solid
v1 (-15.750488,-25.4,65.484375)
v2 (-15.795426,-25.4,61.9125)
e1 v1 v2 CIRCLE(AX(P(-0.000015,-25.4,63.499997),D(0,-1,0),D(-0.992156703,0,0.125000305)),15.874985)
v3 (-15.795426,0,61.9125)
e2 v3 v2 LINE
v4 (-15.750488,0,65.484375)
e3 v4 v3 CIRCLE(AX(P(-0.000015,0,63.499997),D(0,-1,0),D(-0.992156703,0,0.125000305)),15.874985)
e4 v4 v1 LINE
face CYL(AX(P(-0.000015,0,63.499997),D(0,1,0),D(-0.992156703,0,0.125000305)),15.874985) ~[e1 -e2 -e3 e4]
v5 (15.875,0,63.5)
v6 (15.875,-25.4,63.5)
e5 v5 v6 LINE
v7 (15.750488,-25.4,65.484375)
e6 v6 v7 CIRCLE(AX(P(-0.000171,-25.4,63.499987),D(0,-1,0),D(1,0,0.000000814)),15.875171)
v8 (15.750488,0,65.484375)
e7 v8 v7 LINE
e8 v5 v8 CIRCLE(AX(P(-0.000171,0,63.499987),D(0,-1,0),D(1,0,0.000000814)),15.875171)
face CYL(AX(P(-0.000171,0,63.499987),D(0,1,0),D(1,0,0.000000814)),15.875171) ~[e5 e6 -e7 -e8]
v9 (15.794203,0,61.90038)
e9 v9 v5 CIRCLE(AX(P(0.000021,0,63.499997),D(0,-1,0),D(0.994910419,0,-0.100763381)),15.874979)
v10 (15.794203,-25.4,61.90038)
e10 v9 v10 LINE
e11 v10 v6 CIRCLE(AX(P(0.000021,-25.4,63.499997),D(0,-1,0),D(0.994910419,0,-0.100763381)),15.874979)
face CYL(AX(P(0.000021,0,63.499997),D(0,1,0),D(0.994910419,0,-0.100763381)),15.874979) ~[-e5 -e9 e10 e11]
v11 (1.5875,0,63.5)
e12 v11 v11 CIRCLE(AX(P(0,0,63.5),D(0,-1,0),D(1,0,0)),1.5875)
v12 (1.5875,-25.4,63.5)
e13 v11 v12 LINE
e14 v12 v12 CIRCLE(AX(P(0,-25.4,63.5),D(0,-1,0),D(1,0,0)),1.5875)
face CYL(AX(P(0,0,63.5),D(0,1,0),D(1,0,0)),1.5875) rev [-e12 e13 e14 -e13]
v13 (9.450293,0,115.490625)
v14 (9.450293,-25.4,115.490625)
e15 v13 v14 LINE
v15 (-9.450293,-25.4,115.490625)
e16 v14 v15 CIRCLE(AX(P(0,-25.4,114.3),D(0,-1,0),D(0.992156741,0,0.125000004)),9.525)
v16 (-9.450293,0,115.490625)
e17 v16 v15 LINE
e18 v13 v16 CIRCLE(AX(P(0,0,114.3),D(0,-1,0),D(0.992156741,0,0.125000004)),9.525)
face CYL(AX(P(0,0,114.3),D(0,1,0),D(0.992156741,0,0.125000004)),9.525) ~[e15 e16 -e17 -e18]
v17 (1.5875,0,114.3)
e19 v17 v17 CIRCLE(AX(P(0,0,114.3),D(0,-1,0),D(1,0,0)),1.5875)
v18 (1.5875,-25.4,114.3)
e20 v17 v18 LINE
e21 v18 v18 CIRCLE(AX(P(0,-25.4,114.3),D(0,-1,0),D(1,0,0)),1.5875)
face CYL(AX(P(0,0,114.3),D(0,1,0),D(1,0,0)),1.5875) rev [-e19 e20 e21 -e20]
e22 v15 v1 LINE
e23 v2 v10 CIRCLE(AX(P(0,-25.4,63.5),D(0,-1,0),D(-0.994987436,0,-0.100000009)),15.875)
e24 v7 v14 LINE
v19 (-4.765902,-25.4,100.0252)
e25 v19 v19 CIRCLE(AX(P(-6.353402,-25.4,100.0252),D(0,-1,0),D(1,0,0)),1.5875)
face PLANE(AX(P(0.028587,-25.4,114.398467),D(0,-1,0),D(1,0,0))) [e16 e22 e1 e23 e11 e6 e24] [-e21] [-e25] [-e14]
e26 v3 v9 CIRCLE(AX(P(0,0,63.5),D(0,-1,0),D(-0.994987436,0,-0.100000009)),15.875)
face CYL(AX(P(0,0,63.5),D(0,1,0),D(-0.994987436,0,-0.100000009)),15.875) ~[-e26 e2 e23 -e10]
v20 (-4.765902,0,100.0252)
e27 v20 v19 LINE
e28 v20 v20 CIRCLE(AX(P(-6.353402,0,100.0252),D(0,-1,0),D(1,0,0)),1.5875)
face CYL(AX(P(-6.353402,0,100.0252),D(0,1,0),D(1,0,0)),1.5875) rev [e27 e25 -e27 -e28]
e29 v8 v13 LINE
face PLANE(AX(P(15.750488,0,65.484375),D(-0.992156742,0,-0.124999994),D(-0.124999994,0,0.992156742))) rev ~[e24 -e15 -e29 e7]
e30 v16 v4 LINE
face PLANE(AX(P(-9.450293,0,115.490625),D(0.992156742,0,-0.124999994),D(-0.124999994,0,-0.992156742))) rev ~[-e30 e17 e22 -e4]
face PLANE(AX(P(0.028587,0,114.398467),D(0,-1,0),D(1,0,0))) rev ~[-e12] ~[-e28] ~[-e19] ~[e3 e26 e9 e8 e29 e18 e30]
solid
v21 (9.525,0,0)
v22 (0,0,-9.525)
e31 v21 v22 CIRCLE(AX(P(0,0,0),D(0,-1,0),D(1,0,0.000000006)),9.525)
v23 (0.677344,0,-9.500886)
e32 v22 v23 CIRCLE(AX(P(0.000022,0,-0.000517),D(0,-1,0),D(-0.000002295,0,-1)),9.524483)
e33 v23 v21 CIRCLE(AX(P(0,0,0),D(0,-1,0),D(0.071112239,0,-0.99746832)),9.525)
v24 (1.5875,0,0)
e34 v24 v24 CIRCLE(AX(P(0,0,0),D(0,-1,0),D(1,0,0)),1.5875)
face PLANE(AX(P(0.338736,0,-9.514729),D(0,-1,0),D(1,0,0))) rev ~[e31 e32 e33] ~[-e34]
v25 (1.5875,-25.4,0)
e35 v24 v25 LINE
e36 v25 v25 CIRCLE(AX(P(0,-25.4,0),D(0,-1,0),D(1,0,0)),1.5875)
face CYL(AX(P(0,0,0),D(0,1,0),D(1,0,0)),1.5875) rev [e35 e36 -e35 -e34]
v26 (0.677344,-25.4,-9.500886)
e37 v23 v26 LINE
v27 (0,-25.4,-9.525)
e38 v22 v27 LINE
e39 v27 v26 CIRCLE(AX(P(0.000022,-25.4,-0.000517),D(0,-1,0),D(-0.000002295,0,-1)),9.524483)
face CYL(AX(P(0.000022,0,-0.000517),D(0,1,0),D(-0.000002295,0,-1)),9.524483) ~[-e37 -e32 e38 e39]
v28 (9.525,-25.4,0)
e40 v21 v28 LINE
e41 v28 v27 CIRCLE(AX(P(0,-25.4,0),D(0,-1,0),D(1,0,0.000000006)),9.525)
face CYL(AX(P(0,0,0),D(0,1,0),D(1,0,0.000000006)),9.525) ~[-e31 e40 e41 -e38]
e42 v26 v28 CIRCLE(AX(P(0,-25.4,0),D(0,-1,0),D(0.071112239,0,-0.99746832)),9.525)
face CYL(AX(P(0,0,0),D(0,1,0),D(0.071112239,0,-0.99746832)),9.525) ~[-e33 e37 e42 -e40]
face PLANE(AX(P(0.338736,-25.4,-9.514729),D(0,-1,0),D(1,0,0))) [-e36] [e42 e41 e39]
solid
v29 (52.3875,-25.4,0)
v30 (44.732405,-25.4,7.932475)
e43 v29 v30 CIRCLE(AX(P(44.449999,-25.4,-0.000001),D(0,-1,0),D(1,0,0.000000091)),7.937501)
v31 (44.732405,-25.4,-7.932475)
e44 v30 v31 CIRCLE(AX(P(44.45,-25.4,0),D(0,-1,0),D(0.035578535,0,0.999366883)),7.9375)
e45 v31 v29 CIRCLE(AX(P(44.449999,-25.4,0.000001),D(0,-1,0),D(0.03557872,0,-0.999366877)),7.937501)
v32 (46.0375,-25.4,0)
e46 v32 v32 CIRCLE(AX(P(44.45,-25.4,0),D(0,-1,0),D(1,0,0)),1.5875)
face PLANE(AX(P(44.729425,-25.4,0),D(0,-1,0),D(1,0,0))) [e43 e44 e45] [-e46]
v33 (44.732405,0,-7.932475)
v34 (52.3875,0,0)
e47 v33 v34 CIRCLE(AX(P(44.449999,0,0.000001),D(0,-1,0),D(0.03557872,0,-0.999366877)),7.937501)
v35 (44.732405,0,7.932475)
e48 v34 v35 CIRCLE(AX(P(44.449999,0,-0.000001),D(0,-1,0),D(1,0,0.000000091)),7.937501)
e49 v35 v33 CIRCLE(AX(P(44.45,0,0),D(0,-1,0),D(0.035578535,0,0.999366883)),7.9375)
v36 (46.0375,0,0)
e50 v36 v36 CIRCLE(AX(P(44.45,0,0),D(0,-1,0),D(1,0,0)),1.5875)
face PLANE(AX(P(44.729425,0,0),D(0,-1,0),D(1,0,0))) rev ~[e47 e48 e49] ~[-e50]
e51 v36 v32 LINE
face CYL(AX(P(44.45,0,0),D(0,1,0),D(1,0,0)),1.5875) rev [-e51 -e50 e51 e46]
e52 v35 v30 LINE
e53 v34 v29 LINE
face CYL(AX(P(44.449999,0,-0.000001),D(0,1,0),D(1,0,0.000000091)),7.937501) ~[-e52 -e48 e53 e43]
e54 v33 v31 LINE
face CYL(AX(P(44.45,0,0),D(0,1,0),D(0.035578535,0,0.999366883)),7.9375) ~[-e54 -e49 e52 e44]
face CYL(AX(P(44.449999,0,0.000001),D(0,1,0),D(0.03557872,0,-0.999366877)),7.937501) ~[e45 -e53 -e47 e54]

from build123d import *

# Parameters (mm, degrees)
F0_R     = 1.5875
F1_DEPTH = 25.4


with BuildPart() as f1:
    # F0 (on Front) → F1 (new body)
    with BuildSketch(Plane.XZ):
        with BuildLine():
            ThreePointArc((-9.450293, 115.490625), (-0.596483, 104.793695), (9.525, 114.3))
            ThreePointArc((9.525, 114.3), (9.506305, 114.896483), (9.450293, 115.490625))
            ThreePointArc((9.450293, 115.490625), (0, 123.825), (-9.450293, 115.490625))
        make_face()
        with Locations((0, 114.3)):
            Circle(F0_R, mode=Mode.SUBTRACT)
        with BuildLine():
            ThreePointArc((9.450293, 115.490625), (9.506305, 114.896483), (9.525, 114.3))
            ThreePointArc((9.525, 114.3), (-0.596483, 104.793695), (-9.450293, 115.490625))
            Line((-9.450293, 115.490625), (-15.750488, 65.484375))
            ThreePointArc((-15.750488, 65.484375), (0, 79.375), (15.750488, 65.484375))
            Line((15.750488, 65.484375), (9.450293, 115.490625))
        make_face()
        with Locations((-6.353402, 100.0252)):
            Circle(F0_R, mode=Mode.SUBTRACT)
        with BuildLine():
            ThreePointArc((0, -9.525), (0.338886, -9.51897), (0.677344, -9.500886))
            Line((0.677344, -9.500886), (0, -9.525))
        make_face()
        with BuildLine():
            Line((0, -9.525), (0.677344, -9.500886))
            ThreePointArc((0.677344, -9.500886), (6.970557, -6.491299), (9.525, 0))
            ThreePointArc((9.525, 0), (-6.735192, 6.735192), (0, -9.525))
        make_face()
        Circle(F0_R, mode=Mode.SUBTRACT)
        with BuildLine():
            ThreePointArc((52.3875, 0), (50.161633, 5.51191), (44.732405, 7.932475))
            ThreePointArc((44.732405, 7.932475), (36.5125, 0), (44.732405, -7.932475))
            ThreePointArc((44.732405, -7.932475), (50.161633, -5.51191), (52.3875, 0))
        make_face()
        with Locations((44.45, 0)):
            Circle(F0_R, mode=Mode.SUBTRACT)
        with BuildLine():
            ThreePointArc((15.875, 63.5), (15.843841, 64.494139), (15.750488, 65.484375))
            ThreePointArc((15.750488, 65.484375), (0, 79.375), (-15.750488, 65.484375))
            ThreePointArc((-15.750488, 65.484375), (-15.873744, 63.699705), (-15.795426, 61.9125))
            ThreePointArc((-15.795426, 61.9125), (-0.006091, 47.625001), (15.794203, 61.90038))
            ThreePointArc((15.794203, 61.90038), (15.854788, 62.699171), (15.875, 63.5))
        make_face()
        with Locations((0, 63.5)):
            Circle(F0_R, mode=Mode.SUBTRACT)
    extrude(amount=F1_DEPTH)


solid = f1.part
